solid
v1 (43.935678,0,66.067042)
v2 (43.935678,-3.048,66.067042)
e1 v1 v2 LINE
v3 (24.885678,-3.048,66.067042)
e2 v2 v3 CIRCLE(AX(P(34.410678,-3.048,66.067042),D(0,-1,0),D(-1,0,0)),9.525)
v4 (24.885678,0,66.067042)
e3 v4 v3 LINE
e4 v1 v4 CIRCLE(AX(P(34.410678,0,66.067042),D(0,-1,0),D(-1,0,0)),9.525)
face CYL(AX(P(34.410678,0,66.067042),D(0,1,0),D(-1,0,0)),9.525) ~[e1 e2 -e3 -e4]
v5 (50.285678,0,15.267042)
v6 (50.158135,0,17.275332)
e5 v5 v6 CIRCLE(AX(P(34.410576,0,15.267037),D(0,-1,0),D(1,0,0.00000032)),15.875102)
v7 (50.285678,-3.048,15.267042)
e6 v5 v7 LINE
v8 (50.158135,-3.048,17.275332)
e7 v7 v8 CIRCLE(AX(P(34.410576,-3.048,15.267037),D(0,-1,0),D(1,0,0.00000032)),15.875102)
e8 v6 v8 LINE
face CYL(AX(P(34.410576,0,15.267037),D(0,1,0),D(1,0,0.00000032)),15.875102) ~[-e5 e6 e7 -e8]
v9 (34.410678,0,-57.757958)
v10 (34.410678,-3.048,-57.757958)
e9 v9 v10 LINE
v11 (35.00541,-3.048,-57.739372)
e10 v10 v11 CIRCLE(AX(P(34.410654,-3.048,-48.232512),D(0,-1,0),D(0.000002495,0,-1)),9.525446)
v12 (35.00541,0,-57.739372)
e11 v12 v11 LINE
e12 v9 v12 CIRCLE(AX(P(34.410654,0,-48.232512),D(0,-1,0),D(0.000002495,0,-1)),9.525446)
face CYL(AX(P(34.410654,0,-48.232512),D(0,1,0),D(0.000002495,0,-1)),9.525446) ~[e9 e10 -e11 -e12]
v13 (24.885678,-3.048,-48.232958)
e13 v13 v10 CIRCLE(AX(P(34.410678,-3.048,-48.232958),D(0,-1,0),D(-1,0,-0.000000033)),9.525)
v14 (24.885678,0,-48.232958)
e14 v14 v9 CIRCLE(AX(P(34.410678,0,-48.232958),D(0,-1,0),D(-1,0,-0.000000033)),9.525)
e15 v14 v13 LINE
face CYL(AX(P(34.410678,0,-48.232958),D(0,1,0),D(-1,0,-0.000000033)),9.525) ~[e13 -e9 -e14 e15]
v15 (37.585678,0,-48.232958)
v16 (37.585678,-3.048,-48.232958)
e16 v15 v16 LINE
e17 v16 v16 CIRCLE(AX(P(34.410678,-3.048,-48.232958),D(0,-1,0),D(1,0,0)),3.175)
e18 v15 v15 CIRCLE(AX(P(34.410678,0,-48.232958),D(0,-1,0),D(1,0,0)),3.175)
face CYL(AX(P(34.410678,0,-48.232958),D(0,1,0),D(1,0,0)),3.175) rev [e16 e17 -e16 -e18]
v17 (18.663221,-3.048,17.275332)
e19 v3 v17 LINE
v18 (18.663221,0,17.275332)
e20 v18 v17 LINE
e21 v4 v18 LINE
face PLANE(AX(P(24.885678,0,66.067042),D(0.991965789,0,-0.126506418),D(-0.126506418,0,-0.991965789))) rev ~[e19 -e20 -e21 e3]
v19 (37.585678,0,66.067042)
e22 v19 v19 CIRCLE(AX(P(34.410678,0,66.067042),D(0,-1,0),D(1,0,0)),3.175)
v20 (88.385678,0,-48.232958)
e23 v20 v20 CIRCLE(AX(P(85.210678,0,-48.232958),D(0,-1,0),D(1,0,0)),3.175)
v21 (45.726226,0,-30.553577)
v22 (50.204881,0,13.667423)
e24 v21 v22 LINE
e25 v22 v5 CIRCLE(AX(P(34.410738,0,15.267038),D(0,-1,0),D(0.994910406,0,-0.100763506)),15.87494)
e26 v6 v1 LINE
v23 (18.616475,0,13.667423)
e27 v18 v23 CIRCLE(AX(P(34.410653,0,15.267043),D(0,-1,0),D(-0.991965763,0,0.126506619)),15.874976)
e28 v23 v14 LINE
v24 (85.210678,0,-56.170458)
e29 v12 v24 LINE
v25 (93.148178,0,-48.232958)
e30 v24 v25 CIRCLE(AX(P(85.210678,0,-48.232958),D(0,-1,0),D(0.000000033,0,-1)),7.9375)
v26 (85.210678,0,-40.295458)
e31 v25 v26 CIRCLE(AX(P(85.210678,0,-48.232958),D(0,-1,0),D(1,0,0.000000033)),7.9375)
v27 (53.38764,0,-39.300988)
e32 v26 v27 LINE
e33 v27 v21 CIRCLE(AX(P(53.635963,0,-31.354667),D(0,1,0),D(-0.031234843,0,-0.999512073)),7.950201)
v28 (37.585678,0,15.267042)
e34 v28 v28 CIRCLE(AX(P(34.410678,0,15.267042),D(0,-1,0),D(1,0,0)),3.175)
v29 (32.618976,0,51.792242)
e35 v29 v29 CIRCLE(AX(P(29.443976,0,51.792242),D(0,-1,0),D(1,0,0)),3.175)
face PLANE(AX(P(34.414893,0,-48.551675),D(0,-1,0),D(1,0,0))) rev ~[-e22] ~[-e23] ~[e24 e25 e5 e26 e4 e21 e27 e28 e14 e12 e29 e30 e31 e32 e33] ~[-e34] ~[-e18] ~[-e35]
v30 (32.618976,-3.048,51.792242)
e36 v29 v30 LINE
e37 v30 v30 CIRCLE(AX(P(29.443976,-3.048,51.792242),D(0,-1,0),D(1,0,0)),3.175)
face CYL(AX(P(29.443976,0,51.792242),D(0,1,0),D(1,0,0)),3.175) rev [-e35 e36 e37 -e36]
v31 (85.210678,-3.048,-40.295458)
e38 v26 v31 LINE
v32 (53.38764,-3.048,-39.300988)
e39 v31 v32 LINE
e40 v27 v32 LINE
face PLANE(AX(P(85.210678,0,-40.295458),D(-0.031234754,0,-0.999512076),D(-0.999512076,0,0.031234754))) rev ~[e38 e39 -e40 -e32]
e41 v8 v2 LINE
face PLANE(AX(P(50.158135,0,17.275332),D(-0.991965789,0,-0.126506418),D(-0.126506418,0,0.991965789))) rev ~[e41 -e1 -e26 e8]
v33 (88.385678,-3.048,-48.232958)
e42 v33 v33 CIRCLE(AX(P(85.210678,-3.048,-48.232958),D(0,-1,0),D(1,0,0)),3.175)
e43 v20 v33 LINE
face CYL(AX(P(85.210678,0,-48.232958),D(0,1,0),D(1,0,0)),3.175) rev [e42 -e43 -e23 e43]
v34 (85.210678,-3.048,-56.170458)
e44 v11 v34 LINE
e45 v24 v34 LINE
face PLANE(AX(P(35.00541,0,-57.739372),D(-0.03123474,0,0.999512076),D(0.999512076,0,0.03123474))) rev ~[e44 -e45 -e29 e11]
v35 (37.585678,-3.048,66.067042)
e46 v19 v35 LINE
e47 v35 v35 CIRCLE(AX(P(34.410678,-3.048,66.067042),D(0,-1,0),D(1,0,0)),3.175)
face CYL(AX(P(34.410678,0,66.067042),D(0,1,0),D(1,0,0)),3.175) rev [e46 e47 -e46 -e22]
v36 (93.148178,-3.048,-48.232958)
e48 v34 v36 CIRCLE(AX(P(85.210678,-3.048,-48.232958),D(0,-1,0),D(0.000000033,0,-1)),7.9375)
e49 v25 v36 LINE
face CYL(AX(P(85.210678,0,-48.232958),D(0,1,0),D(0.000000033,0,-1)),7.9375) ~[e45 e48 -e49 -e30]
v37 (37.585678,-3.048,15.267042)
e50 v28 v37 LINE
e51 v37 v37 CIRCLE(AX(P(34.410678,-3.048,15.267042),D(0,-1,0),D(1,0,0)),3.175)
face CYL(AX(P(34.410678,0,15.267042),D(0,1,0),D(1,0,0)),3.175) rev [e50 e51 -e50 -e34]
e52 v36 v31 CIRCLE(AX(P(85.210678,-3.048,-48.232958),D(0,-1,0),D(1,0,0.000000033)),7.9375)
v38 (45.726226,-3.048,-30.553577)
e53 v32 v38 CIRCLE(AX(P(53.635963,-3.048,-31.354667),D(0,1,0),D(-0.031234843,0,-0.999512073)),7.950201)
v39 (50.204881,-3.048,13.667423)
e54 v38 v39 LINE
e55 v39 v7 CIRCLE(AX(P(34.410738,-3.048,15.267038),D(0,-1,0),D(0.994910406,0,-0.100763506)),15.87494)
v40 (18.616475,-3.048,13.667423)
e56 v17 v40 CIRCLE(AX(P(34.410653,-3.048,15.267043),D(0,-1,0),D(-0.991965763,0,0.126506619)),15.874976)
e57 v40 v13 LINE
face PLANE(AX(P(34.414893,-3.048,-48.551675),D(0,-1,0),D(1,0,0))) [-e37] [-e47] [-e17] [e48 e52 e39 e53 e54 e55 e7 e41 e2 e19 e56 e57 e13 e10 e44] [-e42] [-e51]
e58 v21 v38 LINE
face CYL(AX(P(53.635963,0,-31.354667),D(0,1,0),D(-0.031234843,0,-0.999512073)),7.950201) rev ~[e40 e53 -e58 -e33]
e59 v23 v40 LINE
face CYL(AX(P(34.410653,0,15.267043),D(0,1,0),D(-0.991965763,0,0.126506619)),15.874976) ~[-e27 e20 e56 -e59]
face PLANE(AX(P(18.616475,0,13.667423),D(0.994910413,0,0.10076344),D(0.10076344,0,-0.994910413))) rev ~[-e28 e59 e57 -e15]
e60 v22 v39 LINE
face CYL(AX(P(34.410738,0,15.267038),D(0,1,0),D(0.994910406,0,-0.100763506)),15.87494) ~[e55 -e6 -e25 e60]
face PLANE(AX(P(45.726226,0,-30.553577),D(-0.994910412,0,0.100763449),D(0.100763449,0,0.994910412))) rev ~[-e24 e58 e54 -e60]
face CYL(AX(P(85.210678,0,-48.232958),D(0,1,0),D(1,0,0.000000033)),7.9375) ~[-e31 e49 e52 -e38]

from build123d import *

# Parameters (mm, degrees)
F0_R     = 3.175
F1_DEPTH = 3.048


with BuildPart() as f1:
    # F0 (on Front) → F1 (new body)
    with BuildSketch(Plane.XZ):
        with BuildLine():
            ThreePointArc((35.00541, -57.739372), (41.352956, -54.754491), (43.935678, -48.232958))
            ThreePointArc((43.935678, -48.232958), (34.410678, -38.707958), (24.885678, -48.232958))
            ThreePointArc((24.885678, -48.232958), (27.675486, -54.96815), (34.410678, -57.757958))
            Line((34.410678, -57.757958), (35.00541, -57.739372))
        make_face()
        with Locations((34.410678, -48.232958)):
            Circle(F0_R, mode=Mode.SUBTRACT)
        with BuildLine():
            ThreePointArc((24.885678, -48.232958), (34.410678, -38.707958), (43.935678, -48.232958))
            ThreePointArc((43.935678, -48.232958), (41.352956, -54.754491), (35.00541, -57.739372))
            Line((35.00541, -57.739372), (85.210678, -56.170458))
            ThreePointArc((85.210678, -56.170458), (77.273178, -48.232958), (85.210678, -40.295458))
            Line((85.210678, -40.295458), (53.38764, -39.300988))
            ThreePointArc((53.38764, -39.300988), (47.655346, -36.592787), (45.726226, -30.553577))
            Line((45.726226, -30.553577), (50.204881, 13.667423))
            ThreePointArc((50.204881, 13.667423), (34.410678, -0.607958), (18.616475, 13.667423))
            Line((18.616475, 13.667423), (24.885678, -48.232958))
        make_face()
        with BuildLine():
            ThreePointArc((34.410678, -57.757958), (34.708189, -57.75331), (35.00541, -57.739372))
            Line((35.00541, -57.739372), (34.410678, -57.757958))
        make_face()
        with BuildLine():
            ThreePointArc((18.663221, 17.275332), (18.53701, 15.47271), (18.616475, 13.667423))
            ThreePointArc((18.616475, 13.667423), (34.410678, -0.607958), (50.204881, 13.667423))
            ThreePointArc((50.204881, 13.667423), (50.265466, 14.466213), (50.285678, 15.267042))
            ThreePointArc((50.285678, 15.267042), (50.25376, 16.27321), (50.158135, 17.275332))
            ThreePointArc((50.158135, 17.275332), (34.410678, 31.142042), (18.663221, 17.275332))
        make_face()
        with Locations((34.410678, 15.267042)):
            Circle(F0_R, mode=Mode.SUBTRACT)
        with BuildLine():
            ThreePointArc((85.210678, -40.295458), (77.273178, -48.232958), (85.210678, -56.170458))
            ThreePointArc((85.210678, -56.170458), (90.823338, -53.845618), (93.148178, -48.232958))
            ThreePointArc((93.148178, -48.232958), (90.823338, -42.620298), (85.210678, -40.295458))
        make_face()
        with Locations((85.210678, -48.232958)):
            Circle(F0_R, mode=Mode.SUBTRACT)
        with BuildLine():
            Line((24.885678, 66.067042), (18.663221, 17.275332))
            ThreePointArc((18.663221, 17.275332), (34.410678, 31.142042), (50.158135, 17.275332))
            Line((50.158135, 17.275332), (43.935678, 66.067042))
            ThreePointArc((43.935678, 66.067042), (34.410678, 56.542042), (24.885678, 66.067042))
        make_face()
        with Locations((29.443976, 51.792242)):
            Circle(F0_R, mode=Mode.SUBTRACT)
        with BuildLine():
            ThreePointArc((43.935678, 66.067042), (34.410678, 75.592042), (24.885678, 66.067042))
            ThreePointArc((24.885678, 66.067042), (34.410678, 56.542042), (43.935678, 66.067042))
        make_face()
        with Locations((34.410678, 66.067042)):
            Circle(F0_R, mode=Mode.SUBTRACT)
    extrude(amount=F1_DEPTH)


solid = f1.part
